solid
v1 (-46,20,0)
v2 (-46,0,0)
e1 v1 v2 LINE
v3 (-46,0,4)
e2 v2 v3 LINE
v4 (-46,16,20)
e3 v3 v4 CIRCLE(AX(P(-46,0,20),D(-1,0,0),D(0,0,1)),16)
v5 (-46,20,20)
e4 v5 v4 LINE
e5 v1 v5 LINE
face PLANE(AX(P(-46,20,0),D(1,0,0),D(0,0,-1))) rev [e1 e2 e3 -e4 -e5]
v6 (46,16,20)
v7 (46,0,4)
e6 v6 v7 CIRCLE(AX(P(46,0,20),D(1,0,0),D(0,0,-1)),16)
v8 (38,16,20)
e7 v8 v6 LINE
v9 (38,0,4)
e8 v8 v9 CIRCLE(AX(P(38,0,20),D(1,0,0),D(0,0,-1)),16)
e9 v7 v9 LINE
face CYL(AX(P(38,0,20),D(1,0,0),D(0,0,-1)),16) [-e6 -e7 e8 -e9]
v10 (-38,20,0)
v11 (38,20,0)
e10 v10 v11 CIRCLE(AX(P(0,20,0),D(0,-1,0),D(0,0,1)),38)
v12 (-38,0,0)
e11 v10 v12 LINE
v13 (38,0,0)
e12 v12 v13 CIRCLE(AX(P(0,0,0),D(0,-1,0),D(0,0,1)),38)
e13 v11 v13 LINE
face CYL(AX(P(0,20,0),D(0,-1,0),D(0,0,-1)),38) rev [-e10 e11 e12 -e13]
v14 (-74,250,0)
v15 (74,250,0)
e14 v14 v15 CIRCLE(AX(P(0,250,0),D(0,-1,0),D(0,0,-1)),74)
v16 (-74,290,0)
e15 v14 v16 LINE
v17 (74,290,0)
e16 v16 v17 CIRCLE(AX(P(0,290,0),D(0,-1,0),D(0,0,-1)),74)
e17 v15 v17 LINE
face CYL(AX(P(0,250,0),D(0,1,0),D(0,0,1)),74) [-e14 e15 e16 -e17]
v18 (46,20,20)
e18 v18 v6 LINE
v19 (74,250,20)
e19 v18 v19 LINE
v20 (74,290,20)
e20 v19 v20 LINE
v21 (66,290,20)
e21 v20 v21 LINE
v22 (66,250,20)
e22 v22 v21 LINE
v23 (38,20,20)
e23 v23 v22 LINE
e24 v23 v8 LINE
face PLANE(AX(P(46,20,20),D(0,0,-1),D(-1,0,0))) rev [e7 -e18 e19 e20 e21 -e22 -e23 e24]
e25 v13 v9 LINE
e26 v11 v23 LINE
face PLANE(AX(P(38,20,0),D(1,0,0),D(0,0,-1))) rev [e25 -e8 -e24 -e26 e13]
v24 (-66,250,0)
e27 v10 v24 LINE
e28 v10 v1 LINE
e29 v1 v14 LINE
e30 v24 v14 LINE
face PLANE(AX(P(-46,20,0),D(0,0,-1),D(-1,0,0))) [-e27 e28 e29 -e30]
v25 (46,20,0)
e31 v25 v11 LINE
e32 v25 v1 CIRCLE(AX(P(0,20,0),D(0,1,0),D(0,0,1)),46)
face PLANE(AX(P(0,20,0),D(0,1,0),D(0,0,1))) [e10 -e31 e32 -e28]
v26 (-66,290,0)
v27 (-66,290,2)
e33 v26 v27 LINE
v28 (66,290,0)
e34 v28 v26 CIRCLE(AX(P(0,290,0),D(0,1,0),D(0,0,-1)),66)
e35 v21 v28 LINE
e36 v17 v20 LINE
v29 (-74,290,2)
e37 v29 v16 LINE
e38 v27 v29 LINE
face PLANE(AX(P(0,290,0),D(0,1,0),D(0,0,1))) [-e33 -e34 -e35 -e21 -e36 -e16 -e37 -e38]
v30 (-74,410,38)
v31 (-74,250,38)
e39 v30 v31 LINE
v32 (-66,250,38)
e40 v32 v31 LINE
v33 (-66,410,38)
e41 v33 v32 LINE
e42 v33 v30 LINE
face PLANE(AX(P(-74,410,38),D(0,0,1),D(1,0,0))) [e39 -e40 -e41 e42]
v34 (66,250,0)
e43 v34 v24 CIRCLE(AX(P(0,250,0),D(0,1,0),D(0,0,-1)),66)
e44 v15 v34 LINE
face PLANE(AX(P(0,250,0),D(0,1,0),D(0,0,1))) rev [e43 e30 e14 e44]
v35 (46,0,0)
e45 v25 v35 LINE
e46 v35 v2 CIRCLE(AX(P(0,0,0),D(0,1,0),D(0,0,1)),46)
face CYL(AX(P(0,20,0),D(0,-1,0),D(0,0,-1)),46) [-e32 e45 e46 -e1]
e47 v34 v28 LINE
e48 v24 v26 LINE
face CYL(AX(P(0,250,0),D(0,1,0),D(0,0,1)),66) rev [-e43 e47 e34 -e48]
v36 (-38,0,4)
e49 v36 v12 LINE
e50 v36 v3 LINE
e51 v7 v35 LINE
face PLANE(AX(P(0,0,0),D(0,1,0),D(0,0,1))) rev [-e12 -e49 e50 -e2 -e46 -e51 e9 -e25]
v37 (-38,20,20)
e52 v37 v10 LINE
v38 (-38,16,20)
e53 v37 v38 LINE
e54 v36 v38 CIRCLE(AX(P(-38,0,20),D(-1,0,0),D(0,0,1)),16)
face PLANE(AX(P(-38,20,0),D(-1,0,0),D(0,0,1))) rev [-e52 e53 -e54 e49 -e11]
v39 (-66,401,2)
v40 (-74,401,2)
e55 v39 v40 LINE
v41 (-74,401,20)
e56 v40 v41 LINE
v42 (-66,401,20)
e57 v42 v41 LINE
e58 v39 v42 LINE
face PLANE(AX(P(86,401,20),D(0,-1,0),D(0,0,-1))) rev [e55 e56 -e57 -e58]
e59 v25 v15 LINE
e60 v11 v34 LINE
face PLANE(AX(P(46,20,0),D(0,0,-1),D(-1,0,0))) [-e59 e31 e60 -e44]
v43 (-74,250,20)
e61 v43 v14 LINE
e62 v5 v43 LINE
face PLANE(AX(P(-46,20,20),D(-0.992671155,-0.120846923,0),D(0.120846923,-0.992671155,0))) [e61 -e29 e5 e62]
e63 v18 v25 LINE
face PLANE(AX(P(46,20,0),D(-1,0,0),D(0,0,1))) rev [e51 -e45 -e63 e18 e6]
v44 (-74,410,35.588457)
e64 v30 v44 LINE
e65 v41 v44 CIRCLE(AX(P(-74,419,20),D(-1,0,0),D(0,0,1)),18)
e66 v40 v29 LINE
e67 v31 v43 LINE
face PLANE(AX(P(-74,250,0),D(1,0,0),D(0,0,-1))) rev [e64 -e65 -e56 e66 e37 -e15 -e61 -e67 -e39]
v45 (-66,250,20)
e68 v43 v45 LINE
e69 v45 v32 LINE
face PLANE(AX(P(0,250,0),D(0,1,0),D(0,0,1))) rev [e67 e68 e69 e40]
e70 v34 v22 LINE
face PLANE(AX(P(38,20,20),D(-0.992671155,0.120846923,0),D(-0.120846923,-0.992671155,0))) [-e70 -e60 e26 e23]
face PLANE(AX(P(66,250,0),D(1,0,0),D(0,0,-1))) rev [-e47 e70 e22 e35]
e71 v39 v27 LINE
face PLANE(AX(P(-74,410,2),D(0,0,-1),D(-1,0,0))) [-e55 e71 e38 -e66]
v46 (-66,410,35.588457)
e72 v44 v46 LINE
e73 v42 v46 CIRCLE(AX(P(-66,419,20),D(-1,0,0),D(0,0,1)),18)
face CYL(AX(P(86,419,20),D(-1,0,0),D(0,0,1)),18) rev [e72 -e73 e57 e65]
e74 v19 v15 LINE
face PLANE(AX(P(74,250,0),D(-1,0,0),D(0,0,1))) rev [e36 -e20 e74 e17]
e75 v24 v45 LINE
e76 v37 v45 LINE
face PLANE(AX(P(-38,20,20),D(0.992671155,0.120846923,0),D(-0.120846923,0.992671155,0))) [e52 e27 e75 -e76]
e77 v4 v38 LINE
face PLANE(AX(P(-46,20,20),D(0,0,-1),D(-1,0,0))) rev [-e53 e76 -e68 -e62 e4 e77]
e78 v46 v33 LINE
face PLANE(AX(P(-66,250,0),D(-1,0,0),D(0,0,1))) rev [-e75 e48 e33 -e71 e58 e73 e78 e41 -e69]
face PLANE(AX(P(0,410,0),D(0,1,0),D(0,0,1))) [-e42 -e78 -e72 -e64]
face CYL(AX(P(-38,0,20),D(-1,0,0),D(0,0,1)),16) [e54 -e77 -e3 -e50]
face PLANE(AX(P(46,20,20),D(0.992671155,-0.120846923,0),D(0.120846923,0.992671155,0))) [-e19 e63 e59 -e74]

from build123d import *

# Parameters (mm, degrees)
EXTRUDE_1_DEPTH     = 20
SKETCH_3_R          = 16
EXTRUDE_2_DEPTH     = 8
EXTRUDE_START       = -8
SKETCH_4_R          = 16
EXTRUDE_3_DEPTH     = 8
EXTRUDE_4_DEPTH     = 20
SKETCH_5_W          = 8
SKETCH_5_H          = 20
SKETCH_7_W          = 8
SKETCH_7_H          = 20
SKETCH_10_W         = 8
SKETCH_10_H         = 36
EXTRUDE_5_DEPTH     = 160
CUT_EXTRUDE_3_DEPTH = 160


with BuildPart() as part:
    # 草图2 → 凸台-拉伸1 (new body)
    with BuildSketch(Plane(origin=(0, 0, 0), x_dir=(1, 0, 0), z_dir=(0, 1, 0))):
        with BuildLine():
            Line((-46, 0), (-46, -20))
            Line((-46, -20), (-38, -20))
            Line((-38, -20), (-38, 0))
            ThreePointArc((-38, 0), (0, 38), (38, 0))
            Line((38, 0), (38, -20))
            Line((38, -20), (46, -20))
            Line((46, -20), (46, 0))
            ThreePointArc((46, 0), (0, 46), (-46, 0))
        make_face()
    extrude(amount=EXTRUDE_1_DEPTH)

    # 草图3 → 凸台-拉伸2 (add)
    with BuildSketch(Plane.ZY.offset(46)):
        with Locations((20, 0)):
            Circle(SKETCH_3_R)
    extrude(amount=-EXTRUDE_2_DEPTH)

    # 草图4 → 凸台-拉伸3 (add)
    with BuildSketch(Plane(origin=(46, 0, 0), x_dir=(0, 0, -1), z_dir=(1, 0, 0)).offset(EXTRUDE_START)):
        with Locations((-20, 0)):
            Circle(SKETCH_4_R)
    extrude(amount=EXTRUDE_3_DEPTH)



with BuildPart() as body_2:
    # Sketch 3D_1 → 凸台-拉伸4 (new, symmetric)
    with BuildSketch(Plane(origin=(-74, 270, 0), x_dir=(0.9909924304103234, 0, 0.13391789600139506), z_dir=(0, -1, 0))):
        with BuildLine():
            Line((0, 0), (2.67835792, 19.819848608))
            Line((2.67835792, 19.819848608), (10.606297363, 18.74850544))
            Line((10.606297363, 18.74850544), (7.927939443, -1.071343168))
            ThreePointArc((7.927939443, -1.071343168), (64.494858714, -75.315424711), (138.738940257, -18.74850544))
            Line((138.738940257, -18.74850544), (141.417298177, 1.071343168))
            Line((141.417298177, 1.071343168), (149.345237621, 0))
            Line((149.345237621, 0), (146.666879701, -19.819848608))
            ThreePointArc((146.666879701, -19.819848608), (63.423515546, -83.243364154), (0, 0))
        make_face()
    extrude(amount=EXTRUDE_4_DEPTH, both=True)


with BuildPart() as part_1:
    add(part.part)

    add(body_2.part)  # 扫描1 merges body 2
    # 扫描1: sweep along a path in 草图6
    with BuildLine(Plane.XY.offset(20)) as sweep_1_path:
        Line((46, 20), (74, 250))
    # 草图5 → 扫描1 (sweep)
    with BuildSketch(Plane(origin=(0, 20, 0), x_dir=(1, 0, 0), z_dir=(0, 1, 0))):
        with Locations((42, -10)):
            Rectangle(SKETCH_5_W, SKETCH_5_H)
    sweep(path=sweep_1_path.line)

    # 扫描2: sweep along a path in 草图8
    with BuildLine(Plane.XY.offset(20)) as sweep_2_path:
        Line((-46, 20), (-74, 250))
    # 草图7 → 扫描2 (sweep)
    with BuildSketch(Plane(origin=(0, 20, 0), x_dir=(1, 0, 0), z_dir=(0, 1, 0))):
        with Locations((-42, -10)):
            Rectangle(SKETCH_7_W, SKETCH_7_H)
    sweep(path=sweep_2_path.line)

    # 草图10 → 凸台-拉伸5 (add)
    with BuildSketch(Plane.XZ.offset(-250)):
        with Locations((-70, 20)):
            Rectangle(SKETCH_10_W, SKETCH_10_H)
    extrude(amount=-EXTRUDE_5_DEPTH)

    # 草图12 → 切除-拉伸3 (cut)
    with BuildSketch(Plane.ZY.offset(74)):
        with BuildLine():
            Line((20, 401), (2, 401))
            Line((2, 401), (2, 419))
            ThreePointArc((2, 419), (32.727922061, 431.727922061), (20, 401))
        make_face()
    extrude(amount=-CUT_EXTRUDE_3_DEPTH, mode=Mode.SUBTRACT)


solid = part_1.part
